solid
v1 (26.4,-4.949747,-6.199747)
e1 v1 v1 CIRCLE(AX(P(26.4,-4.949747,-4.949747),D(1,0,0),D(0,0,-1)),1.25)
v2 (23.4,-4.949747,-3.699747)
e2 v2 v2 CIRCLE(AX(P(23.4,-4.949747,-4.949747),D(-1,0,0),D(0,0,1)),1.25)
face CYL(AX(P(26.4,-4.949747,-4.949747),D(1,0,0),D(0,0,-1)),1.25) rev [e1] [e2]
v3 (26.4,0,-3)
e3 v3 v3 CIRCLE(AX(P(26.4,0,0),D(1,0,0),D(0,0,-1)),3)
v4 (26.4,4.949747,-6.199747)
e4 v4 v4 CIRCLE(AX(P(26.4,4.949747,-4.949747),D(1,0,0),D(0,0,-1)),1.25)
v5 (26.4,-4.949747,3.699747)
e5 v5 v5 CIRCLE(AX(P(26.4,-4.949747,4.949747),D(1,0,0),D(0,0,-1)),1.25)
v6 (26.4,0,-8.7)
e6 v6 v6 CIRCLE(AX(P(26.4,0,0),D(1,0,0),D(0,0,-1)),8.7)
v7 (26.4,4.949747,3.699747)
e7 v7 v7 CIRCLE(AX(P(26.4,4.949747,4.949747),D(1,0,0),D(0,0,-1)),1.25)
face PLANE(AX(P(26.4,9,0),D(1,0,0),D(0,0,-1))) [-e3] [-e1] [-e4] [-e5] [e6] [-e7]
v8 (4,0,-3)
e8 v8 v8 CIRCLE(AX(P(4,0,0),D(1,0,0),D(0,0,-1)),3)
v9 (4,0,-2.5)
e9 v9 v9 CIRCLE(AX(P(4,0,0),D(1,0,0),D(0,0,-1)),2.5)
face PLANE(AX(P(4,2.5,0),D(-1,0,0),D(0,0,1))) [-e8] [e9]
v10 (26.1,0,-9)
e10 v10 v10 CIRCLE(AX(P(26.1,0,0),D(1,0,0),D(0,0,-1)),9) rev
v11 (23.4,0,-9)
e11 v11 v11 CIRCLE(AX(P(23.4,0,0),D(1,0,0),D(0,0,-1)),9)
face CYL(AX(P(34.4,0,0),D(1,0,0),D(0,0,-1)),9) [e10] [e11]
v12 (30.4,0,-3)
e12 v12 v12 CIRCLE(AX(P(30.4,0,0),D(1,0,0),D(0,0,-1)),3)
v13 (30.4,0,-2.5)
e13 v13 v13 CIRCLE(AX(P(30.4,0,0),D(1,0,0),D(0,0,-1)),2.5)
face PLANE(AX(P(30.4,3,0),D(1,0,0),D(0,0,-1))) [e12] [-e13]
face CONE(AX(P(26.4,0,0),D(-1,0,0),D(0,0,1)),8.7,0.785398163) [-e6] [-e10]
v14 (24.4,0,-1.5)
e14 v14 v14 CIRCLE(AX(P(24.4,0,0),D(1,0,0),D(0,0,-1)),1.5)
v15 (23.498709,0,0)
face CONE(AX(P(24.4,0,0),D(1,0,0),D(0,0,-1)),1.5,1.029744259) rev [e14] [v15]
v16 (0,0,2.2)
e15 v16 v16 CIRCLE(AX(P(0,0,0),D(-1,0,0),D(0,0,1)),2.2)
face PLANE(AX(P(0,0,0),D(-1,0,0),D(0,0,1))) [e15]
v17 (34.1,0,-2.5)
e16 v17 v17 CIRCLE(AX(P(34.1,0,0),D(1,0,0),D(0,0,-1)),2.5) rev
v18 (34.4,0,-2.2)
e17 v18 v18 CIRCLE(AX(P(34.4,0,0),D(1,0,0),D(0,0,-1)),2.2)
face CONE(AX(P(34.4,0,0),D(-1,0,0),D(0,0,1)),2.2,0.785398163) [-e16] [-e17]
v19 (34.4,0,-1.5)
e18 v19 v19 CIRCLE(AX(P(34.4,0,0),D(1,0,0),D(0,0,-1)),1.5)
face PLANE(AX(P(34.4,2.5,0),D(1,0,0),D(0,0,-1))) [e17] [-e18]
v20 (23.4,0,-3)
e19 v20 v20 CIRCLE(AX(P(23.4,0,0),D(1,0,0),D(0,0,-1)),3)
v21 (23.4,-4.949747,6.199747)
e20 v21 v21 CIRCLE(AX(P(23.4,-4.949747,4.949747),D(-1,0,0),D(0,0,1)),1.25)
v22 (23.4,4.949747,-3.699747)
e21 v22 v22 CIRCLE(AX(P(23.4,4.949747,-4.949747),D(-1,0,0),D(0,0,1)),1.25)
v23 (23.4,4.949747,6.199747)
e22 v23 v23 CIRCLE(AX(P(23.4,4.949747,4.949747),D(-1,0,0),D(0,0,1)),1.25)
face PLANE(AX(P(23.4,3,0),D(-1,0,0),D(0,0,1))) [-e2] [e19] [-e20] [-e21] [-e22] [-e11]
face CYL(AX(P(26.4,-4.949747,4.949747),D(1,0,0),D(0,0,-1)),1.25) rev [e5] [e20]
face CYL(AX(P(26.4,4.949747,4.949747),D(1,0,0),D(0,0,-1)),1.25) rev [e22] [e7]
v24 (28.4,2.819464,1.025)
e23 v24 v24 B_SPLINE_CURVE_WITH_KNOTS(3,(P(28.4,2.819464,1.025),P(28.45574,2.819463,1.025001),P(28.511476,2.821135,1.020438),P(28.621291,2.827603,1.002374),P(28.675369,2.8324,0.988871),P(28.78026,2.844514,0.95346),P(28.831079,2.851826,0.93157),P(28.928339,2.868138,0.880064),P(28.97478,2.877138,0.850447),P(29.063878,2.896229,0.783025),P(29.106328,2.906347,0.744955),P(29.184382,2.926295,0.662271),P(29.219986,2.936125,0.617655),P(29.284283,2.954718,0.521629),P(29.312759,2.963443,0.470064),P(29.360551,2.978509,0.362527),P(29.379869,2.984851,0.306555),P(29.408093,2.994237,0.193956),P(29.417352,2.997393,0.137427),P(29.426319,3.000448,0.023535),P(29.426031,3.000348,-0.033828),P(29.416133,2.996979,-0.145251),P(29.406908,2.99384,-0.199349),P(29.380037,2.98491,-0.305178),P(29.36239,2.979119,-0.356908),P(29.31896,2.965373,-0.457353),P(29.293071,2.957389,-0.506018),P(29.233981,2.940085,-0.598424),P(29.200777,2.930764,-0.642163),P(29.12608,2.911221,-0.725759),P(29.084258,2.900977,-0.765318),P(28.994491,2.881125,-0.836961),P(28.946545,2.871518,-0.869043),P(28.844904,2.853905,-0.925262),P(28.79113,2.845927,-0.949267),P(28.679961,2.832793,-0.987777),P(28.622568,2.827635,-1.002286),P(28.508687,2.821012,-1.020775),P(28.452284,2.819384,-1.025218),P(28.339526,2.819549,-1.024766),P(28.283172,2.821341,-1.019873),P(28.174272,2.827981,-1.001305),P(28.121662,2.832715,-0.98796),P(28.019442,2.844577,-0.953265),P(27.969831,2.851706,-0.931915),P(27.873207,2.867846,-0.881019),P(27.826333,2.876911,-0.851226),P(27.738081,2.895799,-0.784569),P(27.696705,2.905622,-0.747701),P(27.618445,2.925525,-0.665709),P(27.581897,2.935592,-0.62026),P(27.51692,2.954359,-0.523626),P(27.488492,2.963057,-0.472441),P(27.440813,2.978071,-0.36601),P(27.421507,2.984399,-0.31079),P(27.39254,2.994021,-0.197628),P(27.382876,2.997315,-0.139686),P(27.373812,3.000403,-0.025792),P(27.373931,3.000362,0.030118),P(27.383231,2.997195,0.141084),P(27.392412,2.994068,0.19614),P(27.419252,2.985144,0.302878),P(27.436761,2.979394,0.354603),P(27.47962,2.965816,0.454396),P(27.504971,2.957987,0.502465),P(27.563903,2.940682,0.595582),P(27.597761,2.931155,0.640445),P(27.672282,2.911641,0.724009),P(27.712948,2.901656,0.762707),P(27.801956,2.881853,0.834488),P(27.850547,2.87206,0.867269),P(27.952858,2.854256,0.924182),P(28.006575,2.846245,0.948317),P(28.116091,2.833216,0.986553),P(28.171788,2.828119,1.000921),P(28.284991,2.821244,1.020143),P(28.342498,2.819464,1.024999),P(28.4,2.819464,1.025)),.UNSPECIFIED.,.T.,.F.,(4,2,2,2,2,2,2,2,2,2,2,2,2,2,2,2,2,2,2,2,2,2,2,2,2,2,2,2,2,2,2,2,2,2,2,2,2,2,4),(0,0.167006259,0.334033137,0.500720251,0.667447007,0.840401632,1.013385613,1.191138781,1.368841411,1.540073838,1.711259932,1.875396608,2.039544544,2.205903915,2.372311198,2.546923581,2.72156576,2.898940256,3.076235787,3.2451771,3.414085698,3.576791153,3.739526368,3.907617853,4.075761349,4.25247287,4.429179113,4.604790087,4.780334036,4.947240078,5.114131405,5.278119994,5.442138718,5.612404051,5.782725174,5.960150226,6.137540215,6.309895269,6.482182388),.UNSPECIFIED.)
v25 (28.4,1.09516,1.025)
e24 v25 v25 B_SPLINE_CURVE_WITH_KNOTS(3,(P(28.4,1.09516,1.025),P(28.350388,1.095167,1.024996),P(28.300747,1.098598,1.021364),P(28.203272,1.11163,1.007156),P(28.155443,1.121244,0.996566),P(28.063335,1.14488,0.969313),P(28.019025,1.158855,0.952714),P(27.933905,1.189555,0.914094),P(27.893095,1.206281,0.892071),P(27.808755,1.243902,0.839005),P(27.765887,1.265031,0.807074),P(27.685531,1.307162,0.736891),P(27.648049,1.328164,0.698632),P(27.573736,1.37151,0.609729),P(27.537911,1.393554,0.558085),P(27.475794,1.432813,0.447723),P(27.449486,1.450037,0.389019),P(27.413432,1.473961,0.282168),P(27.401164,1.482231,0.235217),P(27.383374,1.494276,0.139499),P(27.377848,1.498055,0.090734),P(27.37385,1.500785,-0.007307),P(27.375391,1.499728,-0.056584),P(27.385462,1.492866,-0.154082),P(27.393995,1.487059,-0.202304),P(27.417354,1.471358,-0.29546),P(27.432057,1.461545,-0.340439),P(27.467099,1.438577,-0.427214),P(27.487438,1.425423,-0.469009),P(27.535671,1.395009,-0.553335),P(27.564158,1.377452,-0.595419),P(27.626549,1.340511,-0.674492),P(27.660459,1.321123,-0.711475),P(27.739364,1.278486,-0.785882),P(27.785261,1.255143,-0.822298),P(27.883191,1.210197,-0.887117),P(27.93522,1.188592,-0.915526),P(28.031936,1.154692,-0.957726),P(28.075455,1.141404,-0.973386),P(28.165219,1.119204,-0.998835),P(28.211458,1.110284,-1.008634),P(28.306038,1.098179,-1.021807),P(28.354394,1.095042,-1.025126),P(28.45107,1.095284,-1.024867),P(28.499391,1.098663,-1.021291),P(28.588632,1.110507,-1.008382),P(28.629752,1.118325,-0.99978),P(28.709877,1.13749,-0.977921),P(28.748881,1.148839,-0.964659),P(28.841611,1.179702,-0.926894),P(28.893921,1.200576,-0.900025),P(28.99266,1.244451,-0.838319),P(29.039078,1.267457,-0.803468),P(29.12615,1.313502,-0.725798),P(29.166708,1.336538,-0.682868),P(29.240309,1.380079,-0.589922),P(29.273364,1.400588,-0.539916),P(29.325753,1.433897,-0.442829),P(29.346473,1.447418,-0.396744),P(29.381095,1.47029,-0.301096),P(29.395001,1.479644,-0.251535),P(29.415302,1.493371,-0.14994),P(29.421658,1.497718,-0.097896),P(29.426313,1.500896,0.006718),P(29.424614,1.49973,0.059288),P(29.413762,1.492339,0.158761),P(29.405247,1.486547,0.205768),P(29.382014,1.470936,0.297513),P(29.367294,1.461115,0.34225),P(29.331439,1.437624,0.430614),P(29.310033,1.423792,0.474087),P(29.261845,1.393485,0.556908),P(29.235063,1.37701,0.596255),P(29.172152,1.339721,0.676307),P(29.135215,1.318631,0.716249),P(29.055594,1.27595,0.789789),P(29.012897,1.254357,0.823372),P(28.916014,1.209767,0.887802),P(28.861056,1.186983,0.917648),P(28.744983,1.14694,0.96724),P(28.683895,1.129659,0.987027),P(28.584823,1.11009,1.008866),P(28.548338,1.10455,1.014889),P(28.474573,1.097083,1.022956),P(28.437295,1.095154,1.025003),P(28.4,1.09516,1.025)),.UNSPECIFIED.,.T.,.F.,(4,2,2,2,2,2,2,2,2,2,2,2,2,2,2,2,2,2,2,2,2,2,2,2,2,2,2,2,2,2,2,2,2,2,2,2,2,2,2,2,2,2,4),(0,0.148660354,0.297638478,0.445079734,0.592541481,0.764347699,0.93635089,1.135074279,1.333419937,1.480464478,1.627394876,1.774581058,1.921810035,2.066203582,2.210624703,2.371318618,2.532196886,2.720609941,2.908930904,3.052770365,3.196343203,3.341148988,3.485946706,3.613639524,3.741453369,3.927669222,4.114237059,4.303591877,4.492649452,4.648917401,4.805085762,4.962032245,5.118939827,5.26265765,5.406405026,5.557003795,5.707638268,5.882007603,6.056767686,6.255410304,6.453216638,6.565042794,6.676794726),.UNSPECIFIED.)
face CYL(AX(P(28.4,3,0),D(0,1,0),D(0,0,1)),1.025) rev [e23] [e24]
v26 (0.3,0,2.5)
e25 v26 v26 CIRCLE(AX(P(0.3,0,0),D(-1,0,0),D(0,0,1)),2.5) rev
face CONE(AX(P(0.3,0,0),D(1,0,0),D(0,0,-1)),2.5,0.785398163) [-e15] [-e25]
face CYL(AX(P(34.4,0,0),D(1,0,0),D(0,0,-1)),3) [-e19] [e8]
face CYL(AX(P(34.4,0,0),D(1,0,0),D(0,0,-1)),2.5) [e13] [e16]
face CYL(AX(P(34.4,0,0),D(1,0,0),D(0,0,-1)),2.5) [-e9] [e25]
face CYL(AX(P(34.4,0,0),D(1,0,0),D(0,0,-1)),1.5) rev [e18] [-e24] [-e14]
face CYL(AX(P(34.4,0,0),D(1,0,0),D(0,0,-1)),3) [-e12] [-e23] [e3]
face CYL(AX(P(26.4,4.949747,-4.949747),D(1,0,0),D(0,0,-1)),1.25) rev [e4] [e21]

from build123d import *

# Parameters (mm, degrees)
HOLE_WIZARD_M3_1_D       = 2.5
HOLE_WIZARD_M2_5_1_D     = 2.05
HOLE_WIZARD_M2_5_1_DEPTH = 3.75
HOLE_WIZARD_M2_5_1_TIP   = 0.615882135
CHAMFER_1_SIZE           = 0.3
MM_1_D                   = 3
MM_1_DEPTH               = 10
MM_1_TIP                 = 0.901290929


with BuildPart() as part:
    # 草图1 → 旋转1 (revolve)
    with BuildSketch(Plane.XY):
        Polygon((0, 0), (0, 2.5), (4, 2.5), (4, 3), (23.4, 3), (23.4, 9), (26.4, 9), (26.4, 3), (30.4, 3), (30.4, 2.5), (34.4, 2.5), (34.4, 0), align=None)
    revolve(axis=Axis((34.4, 0, 0), (-1, 0, 0)))

    # M3 螺纹孔1 (through all)
    with Locations(Plane(origin=(26.4, 4.949747468, 4.949747468), x_dir=(0, 0, 1), z_dir=(1, 0, 0))):
        with Locations((0, 0), (-9.899494936, 0), (-9.899494936, 9.899494936), (0, 9.899494936)):
            Hole(HOLE_WIZARD_M3_1_D / 2)

    # M2.5 螺纹孔1
    with Locations(Plane(origin=(28.4, 3, 0), x_dir=(0, 0, 1), z_dir=(0, 1, 0))):
        with Locations((0, 0)):
            Hole(HOLE_WIZARD_M2_5_1_D / 2, depth=HOLE_WIZARD_M2_5_1_DEPTH)
            with Locations((0, 0, -(HOLE_WIZARD_M2_5_1_DEPTH + HOLE_WIZARD_M2_5_1_TIP / 2))):  # 118° drill point
                Cone(0, HOLE_WIZARD_M2_5_1_D / 2, HOLE_WIZARD_M2_5_1_TIP, mode=Mode.SUBTRACT)

    # 倒角1
    chamfer_1_edges = [part.edges().sort_by_distance(p)[0] for p in [
        (34.4, -2.5, 0),
        (0, -2.5, 0),
        (26.4, -9, 0),
    ]]
    chamfer(chamfer_1_edges, length=CHAMFER_1_SIZE)

    # 大小mm 暗销孔1
    with Locations(Plane(origin=(34.4, 0, 0), x_dir=(0, 0, 1), z_dir=(1, 0, 0))):
        with Locations((0, 0)):
            Hole(MM_1_D / 2, depth=MM_1_DEPTH)
            with Locations((0, 0, -(MM_1_DEPTH + MM_1_TIP / 2))):  # 118° drill point
                Cone(0, MM_1_D / 2, MM_1_TIP, mode=Mode.SUBTRACT)


solid = part.part
